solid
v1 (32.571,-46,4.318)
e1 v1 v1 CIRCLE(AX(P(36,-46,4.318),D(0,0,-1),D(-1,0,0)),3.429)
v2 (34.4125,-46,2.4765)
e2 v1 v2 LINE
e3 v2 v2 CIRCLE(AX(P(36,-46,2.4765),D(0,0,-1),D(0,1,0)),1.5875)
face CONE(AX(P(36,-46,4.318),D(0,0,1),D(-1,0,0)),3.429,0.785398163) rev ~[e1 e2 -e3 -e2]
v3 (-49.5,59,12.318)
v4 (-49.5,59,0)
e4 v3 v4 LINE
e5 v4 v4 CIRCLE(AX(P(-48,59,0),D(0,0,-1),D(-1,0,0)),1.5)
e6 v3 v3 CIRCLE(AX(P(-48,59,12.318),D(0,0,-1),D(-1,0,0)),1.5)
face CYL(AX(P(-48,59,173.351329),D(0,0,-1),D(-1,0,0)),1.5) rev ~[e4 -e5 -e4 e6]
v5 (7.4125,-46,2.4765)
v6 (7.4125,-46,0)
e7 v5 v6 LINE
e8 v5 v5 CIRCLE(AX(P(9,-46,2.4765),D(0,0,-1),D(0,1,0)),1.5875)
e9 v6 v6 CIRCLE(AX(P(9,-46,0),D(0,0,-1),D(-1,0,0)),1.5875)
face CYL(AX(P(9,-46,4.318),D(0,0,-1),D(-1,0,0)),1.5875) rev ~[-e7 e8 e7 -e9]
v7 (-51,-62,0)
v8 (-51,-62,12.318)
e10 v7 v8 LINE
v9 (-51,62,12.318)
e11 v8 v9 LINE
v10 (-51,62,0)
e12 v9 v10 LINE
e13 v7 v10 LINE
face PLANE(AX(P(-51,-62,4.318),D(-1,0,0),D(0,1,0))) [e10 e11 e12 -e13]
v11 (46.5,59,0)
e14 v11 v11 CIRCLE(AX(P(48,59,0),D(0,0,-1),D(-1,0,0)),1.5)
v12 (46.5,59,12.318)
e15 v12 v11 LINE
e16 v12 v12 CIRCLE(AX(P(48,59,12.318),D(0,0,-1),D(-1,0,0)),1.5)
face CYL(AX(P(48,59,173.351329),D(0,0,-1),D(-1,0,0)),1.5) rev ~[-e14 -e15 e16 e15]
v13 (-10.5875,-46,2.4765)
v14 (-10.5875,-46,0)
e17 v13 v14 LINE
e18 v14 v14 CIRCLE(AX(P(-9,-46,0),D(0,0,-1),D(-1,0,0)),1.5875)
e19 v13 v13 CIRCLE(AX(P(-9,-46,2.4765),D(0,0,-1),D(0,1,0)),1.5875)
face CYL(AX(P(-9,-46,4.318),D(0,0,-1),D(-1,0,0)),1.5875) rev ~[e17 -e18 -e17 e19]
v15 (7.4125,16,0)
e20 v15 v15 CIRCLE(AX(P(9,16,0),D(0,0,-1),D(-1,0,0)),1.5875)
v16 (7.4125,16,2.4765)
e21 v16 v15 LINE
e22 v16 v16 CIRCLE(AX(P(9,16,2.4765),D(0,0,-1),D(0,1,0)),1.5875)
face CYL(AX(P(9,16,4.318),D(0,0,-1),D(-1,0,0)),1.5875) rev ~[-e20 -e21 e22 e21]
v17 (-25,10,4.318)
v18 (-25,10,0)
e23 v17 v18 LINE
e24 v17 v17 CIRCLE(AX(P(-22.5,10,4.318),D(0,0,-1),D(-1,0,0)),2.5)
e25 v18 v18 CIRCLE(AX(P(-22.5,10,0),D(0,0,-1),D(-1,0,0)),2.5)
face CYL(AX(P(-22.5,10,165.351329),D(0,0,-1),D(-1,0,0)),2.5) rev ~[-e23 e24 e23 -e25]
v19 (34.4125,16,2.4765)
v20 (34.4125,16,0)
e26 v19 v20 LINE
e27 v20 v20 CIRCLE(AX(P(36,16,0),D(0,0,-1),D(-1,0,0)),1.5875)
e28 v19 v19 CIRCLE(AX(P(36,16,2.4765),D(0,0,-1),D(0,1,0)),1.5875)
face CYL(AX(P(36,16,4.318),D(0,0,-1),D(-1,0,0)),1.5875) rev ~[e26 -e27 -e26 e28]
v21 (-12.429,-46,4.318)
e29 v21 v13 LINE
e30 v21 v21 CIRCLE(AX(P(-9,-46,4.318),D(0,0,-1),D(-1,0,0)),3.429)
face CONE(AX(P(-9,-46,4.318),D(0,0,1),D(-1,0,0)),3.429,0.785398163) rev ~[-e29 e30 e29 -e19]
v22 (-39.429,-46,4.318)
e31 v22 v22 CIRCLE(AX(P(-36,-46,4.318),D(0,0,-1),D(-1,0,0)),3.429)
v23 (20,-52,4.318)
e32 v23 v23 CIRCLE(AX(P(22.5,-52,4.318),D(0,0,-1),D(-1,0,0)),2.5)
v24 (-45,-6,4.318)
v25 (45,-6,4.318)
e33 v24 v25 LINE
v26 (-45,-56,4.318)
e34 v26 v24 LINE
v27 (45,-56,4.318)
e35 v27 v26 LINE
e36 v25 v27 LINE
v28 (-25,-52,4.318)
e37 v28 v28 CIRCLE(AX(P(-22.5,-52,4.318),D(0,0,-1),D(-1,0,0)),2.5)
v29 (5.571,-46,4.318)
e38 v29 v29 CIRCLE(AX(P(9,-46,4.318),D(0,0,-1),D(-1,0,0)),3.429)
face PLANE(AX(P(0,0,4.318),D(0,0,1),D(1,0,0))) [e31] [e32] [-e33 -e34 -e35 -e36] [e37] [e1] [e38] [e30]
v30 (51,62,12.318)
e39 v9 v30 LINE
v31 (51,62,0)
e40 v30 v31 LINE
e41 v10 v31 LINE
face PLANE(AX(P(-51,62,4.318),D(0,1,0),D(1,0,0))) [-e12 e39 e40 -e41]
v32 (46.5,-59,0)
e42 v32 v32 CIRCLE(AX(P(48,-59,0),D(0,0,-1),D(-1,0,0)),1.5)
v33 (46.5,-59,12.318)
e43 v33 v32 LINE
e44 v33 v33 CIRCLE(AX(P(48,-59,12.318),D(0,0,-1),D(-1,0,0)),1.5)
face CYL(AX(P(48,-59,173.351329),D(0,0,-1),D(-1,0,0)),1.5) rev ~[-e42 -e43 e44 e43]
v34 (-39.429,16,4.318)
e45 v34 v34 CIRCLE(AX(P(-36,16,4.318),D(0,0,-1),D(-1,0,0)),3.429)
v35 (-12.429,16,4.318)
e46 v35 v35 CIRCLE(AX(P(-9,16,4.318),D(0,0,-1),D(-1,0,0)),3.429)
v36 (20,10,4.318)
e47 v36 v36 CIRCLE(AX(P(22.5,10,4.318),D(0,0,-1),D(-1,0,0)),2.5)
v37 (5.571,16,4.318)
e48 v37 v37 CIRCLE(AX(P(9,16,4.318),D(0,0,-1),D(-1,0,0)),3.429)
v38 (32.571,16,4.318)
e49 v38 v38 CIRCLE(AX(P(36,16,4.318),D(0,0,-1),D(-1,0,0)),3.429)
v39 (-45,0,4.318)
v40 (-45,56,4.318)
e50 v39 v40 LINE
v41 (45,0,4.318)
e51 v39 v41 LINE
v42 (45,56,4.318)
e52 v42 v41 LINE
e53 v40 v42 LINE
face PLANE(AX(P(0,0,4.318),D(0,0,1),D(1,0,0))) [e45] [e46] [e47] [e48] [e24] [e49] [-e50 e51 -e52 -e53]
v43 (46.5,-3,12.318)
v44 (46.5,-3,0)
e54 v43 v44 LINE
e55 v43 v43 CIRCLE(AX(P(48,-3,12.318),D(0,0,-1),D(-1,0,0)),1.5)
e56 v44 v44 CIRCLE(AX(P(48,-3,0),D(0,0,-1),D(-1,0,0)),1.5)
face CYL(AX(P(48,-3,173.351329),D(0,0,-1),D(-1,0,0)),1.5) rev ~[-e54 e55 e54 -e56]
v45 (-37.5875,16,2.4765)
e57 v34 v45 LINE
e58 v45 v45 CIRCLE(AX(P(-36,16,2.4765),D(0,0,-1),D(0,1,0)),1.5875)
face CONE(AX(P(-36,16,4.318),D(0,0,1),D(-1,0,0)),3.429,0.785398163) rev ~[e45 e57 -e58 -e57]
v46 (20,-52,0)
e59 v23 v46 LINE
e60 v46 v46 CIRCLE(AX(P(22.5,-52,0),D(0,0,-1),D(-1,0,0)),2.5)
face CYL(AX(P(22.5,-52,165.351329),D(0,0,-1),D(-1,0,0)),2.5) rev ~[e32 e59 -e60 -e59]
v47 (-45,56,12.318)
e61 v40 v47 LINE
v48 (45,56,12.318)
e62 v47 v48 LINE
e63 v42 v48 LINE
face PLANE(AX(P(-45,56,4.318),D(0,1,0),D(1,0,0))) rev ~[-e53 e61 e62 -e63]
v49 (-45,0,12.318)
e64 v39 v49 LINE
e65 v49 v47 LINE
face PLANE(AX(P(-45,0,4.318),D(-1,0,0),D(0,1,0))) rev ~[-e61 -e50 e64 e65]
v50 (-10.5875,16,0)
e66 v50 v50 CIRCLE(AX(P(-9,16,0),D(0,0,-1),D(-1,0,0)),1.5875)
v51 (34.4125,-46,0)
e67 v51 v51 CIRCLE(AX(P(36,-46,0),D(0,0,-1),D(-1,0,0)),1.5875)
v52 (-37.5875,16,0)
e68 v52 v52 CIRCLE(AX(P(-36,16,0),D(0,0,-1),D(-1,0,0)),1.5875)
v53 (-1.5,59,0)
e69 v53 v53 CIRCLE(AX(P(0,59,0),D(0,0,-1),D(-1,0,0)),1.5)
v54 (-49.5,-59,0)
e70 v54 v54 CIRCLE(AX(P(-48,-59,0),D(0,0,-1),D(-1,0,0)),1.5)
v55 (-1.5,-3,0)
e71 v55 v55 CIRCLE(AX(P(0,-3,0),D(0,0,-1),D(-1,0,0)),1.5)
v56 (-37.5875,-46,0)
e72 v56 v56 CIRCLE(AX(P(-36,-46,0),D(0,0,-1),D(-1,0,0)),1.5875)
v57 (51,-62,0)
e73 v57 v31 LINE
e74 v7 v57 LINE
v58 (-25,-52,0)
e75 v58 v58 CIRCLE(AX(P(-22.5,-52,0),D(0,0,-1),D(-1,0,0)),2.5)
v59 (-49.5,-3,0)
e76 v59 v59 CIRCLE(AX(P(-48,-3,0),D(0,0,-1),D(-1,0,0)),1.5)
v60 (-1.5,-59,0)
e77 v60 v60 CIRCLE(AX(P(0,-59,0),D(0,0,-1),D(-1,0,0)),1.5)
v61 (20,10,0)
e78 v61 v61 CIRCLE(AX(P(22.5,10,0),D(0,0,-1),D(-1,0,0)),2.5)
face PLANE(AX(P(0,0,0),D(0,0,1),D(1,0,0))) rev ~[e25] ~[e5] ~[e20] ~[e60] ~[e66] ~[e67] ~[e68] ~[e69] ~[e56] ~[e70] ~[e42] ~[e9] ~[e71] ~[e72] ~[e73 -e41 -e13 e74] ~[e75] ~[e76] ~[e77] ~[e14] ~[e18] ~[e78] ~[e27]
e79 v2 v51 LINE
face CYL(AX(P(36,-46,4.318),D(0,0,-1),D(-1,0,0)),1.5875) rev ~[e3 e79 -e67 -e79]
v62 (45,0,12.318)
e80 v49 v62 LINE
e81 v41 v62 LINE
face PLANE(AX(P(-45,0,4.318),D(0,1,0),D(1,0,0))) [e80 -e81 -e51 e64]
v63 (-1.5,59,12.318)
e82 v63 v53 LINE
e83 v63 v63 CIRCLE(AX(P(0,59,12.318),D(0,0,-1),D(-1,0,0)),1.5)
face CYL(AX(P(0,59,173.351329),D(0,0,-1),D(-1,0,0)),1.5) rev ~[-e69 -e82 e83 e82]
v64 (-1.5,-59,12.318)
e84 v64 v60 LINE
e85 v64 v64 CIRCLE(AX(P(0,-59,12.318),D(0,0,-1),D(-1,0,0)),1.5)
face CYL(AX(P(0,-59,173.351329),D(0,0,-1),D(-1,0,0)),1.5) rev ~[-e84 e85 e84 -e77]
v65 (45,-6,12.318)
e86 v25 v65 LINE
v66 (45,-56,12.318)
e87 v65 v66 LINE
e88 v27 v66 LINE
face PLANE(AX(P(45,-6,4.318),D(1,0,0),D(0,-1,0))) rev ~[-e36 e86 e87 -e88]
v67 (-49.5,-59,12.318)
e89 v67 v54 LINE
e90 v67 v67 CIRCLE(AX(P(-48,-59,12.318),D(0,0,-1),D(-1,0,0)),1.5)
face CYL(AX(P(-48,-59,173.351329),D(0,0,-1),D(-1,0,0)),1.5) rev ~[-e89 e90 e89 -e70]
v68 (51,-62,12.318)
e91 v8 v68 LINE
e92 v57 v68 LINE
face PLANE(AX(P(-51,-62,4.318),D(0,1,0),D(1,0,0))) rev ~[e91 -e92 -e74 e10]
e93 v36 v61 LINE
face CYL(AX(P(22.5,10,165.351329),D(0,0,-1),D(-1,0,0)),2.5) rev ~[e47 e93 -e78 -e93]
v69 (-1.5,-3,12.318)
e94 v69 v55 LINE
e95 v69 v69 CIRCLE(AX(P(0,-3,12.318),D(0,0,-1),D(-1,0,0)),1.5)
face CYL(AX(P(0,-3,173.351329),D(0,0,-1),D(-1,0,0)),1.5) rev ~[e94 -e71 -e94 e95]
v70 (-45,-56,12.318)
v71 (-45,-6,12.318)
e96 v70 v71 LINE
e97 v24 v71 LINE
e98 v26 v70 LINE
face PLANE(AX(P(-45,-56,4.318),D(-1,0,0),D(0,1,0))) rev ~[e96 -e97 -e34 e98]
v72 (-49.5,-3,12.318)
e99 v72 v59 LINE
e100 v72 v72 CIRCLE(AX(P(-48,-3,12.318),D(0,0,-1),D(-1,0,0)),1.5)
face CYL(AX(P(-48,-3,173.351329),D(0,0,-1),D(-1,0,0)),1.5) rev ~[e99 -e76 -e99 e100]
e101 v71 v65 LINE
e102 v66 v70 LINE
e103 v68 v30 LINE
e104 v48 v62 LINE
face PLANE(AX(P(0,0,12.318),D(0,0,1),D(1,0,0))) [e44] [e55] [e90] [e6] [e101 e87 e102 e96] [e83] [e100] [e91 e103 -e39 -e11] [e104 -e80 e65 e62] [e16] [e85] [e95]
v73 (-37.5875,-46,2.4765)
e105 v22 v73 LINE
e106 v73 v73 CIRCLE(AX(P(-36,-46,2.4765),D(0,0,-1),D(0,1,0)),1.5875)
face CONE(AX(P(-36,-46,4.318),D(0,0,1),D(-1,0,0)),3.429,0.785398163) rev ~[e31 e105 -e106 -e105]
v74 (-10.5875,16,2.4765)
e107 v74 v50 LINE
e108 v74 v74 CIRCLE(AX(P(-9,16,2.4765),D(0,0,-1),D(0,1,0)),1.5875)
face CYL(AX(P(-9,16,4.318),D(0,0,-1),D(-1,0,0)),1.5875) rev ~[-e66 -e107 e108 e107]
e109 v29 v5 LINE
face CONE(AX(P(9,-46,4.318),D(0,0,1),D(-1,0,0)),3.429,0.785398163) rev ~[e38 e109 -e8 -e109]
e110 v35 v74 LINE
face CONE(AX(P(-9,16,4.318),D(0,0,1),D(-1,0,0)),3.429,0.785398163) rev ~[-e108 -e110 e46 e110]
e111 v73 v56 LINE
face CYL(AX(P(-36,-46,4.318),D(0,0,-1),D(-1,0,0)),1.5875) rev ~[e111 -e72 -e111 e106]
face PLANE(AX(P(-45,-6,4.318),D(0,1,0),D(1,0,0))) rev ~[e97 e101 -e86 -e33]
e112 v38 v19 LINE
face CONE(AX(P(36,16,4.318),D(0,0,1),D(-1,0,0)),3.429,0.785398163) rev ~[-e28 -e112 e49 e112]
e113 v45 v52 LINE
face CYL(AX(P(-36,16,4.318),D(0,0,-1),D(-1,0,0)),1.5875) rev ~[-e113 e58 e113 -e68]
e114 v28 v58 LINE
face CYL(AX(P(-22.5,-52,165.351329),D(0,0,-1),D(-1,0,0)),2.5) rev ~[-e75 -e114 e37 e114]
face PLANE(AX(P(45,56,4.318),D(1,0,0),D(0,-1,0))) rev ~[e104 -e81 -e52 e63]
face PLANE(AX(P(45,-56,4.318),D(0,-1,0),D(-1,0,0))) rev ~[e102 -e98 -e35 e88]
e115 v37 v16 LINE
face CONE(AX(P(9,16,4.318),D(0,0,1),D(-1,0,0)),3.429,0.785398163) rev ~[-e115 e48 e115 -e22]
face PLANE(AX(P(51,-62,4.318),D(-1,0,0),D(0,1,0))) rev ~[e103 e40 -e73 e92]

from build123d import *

# Parameters (mm, degrees)
F0_W           = 102
F0_H           = 124
F1_DEPTH       = 4.318
F2_W           = 102
F2_H           = 124
F2_W_2         = 90
F2_H_2         = 6
F3_DEPTH       = 8
F4_D           = 3.175
F4_CSINK_D     = 6.858
F4_CSINK_ANGLE = 90
F5_D           = 5
F7_D           = 3


with BuildPart() as f1:
    # F0 (on Top) → F1 (new body)
    with BuildSketch(Plane.XY):
        Rectangle(F0_W, F0_H)
    extrude(amount=F1_DEPTH)

    # F2 (on face) → F3 (join)
    with BuildSketch(Plane.XY.offset(4.318)):
        Rectangle(F2_W, F2_H)
        Polygon((-45, 56), (45, 56), (45, 29), (45, 0), (45, -6), (45, -33), (45, -56), (-45, -56), (-45, -33), (-45, -6), (-45, 0), (-45, 29), align=None, mode=Mode.SUBTRACT)
        with Locations((0, -3)):
            Rectangle(F2_W_2, F2_H_2)
    extrude(amount=F3_DEPTH)

    # F4 (through all)
    with Locations(Plane.XY.offset(4.318)):
        with Locations((-36, 16), (-9, 16), (9, 16), (36, 16), (9, -46), (36, -46), (-9, -46), (-36, -46)):
            CounterSinkHole(F4_D / 2, F4_CSINK_D / 2, counter_sink_angle=F4_CSINK_ANGLE)

    # F5 (through all)
    with Locations(Plane.XY.offset(4.318)):
        with Locations((-22.5, 10), (22.5, 10), (22.5, -52), (-22.5, -52)):
            Hole(F5_D / 2)

    # F7 (through all)
    with Locations(Plane.XY.offset(12.318)):
        with Locations((-48, 59), (0, 59), (48, 59), (-48, -3), (48, -3), (-48, -59), (0, -59), (48, -59), (0, -3)):
            Hole(F7_D / 2)


solid = f1.part
